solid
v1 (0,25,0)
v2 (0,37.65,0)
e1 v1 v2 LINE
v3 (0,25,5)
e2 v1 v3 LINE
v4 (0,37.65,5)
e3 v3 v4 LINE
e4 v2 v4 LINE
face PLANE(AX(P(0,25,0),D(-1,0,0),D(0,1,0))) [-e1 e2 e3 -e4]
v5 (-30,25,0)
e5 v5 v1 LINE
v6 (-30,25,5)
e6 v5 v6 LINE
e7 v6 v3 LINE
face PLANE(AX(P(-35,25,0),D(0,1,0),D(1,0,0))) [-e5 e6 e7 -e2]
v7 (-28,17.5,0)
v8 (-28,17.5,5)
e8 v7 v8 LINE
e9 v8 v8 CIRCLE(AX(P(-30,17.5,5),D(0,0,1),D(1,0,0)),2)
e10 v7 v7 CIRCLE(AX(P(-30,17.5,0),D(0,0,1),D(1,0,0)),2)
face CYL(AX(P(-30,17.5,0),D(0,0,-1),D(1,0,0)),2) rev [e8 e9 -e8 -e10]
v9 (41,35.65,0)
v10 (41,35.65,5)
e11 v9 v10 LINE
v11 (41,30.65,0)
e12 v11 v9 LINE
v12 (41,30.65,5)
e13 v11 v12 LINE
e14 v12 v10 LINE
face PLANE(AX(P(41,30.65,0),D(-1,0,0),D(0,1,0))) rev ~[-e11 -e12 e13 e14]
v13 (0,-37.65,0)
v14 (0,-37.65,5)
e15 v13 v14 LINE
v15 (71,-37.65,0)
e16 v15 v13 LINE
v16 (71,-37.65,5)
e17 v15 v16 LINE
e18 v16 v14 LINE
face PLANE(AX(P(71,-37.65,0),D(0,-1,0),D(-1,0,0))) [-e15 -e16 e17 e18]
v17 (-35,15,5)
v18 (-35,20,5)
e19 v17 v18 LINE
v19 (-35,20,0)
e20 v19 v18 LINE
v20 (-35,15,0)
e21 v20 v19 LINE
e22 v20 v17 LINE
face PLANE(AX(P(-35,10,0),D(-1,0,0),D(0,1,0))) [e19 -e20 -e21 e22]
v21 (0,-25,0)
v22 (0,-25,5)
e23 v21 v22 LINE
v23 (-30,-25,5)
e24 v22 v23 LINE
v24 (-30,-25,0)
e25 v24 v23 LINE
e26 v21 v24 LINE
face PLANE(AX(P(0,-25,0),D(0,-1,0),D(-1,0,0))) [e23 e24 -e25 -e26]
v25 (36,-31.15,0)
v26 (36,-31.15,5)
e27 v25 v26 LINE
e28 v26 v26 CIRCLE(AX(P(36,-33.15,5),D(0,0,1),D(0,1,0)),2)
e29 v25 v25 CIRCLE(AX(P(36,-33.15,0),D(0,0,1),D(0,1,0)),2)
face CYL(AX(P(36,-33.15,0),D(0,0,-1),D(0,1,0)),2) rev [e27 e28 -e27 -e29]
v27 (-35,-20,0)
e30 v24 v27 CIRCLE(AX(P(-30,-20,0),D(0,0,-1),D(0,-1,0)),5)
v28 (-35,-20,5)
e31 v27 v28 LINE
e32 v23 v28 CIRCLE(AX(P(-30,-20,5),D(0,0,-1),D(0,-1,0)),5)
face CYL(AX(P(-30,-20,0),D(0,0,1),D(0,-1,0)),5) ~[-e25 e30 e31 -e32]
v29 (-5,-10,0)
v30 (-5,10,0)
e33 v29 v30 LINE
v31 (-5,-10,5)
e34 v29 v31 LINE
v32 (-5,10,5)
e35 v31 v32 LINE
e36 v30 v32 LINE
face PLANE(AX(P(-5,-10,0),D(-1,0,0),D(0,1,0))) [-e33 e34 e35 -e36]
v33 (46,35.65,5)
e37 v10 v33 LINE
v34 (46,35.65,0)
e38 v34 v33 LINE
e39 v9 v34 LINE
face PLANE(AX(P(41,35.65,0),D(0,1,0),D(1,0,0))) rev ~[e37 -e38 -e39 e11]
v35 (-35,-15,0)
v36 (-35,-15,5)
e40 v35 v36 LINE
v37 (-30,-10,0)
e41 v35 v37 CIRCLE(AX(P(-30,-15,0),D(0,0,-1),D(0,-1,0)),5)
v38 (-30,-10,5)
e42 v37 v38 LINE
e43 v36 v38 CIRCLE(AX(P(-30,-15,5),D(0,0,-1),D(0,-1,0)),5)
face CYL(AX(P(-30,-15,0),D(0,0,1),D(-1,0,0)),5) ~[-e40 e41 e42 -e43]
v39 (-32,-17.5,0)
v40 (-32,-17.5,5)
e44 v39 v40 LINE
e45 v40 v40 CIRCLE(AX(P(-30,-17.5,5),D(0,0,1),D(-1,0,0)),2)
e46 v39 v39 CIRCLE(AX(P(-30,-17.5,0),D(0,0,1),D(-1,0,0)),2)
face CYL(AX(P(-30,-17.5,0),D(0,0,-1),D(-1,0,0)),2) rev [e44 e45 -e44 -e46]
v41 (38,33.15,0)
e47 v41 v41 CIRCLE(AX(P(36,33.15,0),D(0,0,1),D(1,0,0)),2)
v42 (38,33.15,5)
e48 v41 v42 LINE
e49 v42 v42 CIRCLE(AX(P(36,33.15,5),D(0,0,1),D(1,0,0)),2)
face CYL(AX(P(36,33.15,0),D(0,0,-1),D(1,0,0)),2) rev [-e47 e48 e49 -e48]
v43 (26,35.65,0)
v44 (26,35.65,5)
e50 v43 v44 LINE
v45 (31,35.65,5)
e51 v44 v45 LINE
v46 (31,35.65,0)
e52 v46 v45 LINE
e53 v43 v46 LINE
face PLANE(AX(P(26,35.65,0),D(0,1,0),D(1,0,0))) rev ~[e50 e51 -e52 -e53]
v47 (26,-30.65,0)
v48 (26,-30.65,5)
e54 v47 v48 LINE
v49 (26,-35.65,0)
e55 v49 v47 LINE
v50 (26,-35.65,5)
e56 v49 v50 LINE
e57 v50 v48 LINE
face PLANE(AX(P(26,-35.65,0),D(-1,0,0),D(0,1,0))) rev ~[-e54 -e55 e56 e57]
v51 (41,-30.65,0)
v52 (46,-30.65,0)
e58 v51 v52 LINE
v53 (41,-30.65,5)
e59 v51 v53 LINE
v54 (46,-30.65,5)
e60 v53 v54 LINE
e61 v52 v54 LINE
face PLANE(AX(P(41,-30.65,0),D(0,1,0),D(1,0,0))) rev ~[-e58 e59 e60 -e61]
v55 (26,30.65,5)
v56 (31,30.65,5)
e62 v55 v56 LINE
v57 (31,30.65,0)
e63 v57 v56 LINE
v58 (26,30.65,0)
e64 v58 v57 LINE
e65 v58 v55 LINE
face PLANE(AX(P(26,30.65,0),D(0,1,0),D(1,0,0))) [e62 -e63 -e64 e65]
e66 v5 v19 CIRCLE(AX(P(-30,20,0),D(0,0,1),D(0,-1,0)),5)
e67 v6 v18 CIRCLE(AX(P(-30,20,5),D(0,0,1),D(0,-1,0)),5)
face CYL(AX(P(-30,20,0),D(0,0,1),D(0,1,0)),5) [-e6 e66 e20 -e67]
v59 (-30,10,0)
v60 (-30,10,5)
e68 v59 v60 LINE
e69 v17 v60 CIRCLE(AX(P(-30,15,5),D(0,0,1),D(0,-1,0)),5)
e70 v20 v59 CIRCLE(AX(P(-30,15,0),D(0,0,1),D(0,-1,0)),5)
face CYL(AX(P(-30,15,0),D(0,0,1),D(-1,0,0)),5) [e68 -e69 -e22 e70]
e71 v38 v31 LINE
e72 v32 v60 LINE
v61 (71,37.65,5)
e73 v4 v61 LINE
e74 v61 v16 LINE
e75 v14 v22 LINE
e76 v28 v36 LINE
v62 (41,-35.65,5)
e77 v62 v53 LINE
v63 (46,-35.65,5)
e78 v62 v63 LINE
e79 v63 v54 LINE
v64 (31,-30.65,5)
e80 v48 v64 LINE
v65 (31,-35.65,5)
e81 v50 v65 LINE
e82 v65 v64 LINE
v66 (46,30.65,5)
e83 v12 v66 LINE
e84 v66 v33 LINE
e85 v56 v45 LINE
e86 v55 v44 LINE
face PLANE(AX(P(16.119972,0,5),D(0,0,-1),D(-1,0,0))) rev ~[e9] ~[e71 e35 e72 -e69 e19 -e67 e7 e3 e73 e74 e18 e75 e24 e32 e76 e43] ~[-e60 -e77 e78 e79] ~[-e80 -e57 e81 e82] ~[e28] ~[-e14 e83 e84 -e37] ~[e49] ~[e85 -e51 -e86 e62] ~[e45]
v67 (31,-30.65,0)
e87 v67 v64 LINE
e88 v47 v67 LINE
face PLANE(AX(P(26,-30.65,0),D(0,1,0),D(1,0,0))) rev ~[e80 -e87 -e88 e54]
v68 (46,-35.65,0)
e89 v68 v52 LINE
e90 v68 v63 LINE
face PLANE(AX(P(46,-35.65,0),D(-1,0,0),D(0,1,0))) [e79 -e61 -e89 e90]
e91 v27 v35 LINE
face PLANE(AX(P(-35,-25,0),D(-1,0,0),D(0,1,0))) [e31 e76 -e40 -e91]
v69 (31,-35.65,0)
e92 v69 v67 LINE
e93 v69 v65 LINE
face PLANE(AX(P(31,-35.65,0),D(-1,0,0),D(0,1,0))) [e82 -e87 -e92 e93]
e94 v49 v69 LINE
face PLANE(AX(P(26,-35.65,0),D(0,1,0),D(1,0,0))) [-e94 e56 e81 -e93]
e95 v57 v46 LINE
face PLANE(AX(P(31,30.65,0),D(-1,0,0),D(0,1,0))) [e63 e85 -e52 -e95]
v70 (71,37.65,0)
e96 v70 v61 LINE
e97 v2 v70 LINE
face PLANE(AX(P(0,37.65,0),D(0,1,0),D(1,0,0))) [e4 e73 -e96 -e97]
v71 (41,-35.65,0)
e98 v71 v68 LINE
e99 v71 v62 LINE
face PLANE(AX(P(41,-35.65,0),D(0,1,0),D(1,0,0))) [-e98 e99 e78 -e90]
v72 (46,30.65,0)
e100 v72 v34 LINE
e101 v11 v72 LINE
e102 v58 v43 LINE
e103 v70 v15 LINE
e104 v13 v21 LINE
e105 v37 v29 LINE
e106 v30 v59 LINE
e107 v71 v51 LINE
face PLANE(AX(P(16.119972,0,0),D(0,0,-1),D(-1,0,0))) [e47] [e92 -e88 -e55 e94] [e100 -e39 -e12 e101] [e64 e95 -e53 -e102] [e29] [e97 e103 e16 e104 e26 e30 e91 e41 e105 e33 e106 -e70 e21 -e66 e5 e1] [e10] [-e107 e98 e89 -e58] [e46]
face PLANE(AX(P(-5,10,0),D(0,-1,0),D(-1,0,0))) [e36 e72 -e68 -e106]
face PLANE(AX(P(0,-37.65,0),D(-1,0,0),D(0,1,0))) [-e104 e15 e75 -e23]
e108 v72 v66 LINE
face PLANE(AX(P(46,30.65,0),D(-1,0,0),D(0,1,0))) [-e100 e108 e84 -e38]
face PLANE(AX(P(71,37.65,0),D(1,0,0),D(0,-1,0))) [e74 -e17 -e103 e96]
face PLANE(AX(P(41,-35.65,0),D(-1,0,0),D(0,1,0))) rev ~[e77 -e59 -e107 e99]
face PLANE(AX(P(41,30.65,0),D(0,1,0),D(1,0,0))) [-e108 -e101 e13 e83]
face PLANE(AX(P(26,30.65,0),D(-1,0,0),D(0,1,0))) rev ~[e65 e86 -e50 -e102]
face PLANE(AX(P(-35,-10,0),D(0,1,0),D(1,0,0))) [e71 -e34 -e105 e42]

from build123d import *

# Parameters (mm, degrees)
ESQUISSE1_R        = 2
ESQUISSE1_W        = 5
ESQUISSE1_H        = 5
BOSS_EXTRU_1_DEPTH = 5
CONG_1_R           = 5


with BuildPart() as part:
    # Esquisse1 → Boss.-Extru.1 (new body)
    with BuildSketch(Plane.XY):
        Polygon((0, 37.65), (71, 37.65), (71, -37.65), (0, -37.65), (0, -25), (-35, -25), (-35, -10), (-5, -10), (-5, 10), (-35, 10), (-35, 25), (0, 25), align=None)
        with Locations((-30, 17.5)):
            Circle(ESQUISSE1_R, mode=Mode.SUBTRACT)
        with Locations(Location((-30, -17.5, 0), (0, 0, 180))):
            Circle(ESQUISSE1_R, mode=Mode.SUBTRACT)
        with Locations((36, 33.15)):
            Circle(ESQUISSE1_R, mode=Mode.SUBTRACT)
        with Locations(Location((36, -33.15, 0), (0, 0, 90))):
            Circle(ESQUISSE1_R, mode=Mode.SUBTRACT)
        with Locations((28.5, 33.15)):
            Rectangle(ESQUISSE1_W, ESQUISSE1_H, mode=Mode.SUBTRACT)
        with Locations((43.5, 33.15)):
            Rectangle(ESQUISSE1_W, ESQUISSE1_H, mode=Mode.SUBTRACT)
        with Locations((28.5, -33.15)):
            Rectangle(ESQUISSE1_W, ESQUISSE1_H, mode=Mode.SUBTRACT)
        with Locations((43.5, -33.15)):
            Rectangle(ESQUISSE1_W, ESQUISSE1_H, mode=Mode.SUBTRACT)
    extrude(amount=BOSS_EXTRU_1_DEPTH)

    # Congé1
    cong_1_edges = [part.edges().sort_by_distance(p)[0] for p in [
        (-35, -10, 2.5),
        (-35, 10, 2.5),
        (-35, 25, 2.5),
        (-35, -25, 2.5),
    ]]
    fillet(cong_1_edges, radius=CONG_1_R)


solid = part.part
